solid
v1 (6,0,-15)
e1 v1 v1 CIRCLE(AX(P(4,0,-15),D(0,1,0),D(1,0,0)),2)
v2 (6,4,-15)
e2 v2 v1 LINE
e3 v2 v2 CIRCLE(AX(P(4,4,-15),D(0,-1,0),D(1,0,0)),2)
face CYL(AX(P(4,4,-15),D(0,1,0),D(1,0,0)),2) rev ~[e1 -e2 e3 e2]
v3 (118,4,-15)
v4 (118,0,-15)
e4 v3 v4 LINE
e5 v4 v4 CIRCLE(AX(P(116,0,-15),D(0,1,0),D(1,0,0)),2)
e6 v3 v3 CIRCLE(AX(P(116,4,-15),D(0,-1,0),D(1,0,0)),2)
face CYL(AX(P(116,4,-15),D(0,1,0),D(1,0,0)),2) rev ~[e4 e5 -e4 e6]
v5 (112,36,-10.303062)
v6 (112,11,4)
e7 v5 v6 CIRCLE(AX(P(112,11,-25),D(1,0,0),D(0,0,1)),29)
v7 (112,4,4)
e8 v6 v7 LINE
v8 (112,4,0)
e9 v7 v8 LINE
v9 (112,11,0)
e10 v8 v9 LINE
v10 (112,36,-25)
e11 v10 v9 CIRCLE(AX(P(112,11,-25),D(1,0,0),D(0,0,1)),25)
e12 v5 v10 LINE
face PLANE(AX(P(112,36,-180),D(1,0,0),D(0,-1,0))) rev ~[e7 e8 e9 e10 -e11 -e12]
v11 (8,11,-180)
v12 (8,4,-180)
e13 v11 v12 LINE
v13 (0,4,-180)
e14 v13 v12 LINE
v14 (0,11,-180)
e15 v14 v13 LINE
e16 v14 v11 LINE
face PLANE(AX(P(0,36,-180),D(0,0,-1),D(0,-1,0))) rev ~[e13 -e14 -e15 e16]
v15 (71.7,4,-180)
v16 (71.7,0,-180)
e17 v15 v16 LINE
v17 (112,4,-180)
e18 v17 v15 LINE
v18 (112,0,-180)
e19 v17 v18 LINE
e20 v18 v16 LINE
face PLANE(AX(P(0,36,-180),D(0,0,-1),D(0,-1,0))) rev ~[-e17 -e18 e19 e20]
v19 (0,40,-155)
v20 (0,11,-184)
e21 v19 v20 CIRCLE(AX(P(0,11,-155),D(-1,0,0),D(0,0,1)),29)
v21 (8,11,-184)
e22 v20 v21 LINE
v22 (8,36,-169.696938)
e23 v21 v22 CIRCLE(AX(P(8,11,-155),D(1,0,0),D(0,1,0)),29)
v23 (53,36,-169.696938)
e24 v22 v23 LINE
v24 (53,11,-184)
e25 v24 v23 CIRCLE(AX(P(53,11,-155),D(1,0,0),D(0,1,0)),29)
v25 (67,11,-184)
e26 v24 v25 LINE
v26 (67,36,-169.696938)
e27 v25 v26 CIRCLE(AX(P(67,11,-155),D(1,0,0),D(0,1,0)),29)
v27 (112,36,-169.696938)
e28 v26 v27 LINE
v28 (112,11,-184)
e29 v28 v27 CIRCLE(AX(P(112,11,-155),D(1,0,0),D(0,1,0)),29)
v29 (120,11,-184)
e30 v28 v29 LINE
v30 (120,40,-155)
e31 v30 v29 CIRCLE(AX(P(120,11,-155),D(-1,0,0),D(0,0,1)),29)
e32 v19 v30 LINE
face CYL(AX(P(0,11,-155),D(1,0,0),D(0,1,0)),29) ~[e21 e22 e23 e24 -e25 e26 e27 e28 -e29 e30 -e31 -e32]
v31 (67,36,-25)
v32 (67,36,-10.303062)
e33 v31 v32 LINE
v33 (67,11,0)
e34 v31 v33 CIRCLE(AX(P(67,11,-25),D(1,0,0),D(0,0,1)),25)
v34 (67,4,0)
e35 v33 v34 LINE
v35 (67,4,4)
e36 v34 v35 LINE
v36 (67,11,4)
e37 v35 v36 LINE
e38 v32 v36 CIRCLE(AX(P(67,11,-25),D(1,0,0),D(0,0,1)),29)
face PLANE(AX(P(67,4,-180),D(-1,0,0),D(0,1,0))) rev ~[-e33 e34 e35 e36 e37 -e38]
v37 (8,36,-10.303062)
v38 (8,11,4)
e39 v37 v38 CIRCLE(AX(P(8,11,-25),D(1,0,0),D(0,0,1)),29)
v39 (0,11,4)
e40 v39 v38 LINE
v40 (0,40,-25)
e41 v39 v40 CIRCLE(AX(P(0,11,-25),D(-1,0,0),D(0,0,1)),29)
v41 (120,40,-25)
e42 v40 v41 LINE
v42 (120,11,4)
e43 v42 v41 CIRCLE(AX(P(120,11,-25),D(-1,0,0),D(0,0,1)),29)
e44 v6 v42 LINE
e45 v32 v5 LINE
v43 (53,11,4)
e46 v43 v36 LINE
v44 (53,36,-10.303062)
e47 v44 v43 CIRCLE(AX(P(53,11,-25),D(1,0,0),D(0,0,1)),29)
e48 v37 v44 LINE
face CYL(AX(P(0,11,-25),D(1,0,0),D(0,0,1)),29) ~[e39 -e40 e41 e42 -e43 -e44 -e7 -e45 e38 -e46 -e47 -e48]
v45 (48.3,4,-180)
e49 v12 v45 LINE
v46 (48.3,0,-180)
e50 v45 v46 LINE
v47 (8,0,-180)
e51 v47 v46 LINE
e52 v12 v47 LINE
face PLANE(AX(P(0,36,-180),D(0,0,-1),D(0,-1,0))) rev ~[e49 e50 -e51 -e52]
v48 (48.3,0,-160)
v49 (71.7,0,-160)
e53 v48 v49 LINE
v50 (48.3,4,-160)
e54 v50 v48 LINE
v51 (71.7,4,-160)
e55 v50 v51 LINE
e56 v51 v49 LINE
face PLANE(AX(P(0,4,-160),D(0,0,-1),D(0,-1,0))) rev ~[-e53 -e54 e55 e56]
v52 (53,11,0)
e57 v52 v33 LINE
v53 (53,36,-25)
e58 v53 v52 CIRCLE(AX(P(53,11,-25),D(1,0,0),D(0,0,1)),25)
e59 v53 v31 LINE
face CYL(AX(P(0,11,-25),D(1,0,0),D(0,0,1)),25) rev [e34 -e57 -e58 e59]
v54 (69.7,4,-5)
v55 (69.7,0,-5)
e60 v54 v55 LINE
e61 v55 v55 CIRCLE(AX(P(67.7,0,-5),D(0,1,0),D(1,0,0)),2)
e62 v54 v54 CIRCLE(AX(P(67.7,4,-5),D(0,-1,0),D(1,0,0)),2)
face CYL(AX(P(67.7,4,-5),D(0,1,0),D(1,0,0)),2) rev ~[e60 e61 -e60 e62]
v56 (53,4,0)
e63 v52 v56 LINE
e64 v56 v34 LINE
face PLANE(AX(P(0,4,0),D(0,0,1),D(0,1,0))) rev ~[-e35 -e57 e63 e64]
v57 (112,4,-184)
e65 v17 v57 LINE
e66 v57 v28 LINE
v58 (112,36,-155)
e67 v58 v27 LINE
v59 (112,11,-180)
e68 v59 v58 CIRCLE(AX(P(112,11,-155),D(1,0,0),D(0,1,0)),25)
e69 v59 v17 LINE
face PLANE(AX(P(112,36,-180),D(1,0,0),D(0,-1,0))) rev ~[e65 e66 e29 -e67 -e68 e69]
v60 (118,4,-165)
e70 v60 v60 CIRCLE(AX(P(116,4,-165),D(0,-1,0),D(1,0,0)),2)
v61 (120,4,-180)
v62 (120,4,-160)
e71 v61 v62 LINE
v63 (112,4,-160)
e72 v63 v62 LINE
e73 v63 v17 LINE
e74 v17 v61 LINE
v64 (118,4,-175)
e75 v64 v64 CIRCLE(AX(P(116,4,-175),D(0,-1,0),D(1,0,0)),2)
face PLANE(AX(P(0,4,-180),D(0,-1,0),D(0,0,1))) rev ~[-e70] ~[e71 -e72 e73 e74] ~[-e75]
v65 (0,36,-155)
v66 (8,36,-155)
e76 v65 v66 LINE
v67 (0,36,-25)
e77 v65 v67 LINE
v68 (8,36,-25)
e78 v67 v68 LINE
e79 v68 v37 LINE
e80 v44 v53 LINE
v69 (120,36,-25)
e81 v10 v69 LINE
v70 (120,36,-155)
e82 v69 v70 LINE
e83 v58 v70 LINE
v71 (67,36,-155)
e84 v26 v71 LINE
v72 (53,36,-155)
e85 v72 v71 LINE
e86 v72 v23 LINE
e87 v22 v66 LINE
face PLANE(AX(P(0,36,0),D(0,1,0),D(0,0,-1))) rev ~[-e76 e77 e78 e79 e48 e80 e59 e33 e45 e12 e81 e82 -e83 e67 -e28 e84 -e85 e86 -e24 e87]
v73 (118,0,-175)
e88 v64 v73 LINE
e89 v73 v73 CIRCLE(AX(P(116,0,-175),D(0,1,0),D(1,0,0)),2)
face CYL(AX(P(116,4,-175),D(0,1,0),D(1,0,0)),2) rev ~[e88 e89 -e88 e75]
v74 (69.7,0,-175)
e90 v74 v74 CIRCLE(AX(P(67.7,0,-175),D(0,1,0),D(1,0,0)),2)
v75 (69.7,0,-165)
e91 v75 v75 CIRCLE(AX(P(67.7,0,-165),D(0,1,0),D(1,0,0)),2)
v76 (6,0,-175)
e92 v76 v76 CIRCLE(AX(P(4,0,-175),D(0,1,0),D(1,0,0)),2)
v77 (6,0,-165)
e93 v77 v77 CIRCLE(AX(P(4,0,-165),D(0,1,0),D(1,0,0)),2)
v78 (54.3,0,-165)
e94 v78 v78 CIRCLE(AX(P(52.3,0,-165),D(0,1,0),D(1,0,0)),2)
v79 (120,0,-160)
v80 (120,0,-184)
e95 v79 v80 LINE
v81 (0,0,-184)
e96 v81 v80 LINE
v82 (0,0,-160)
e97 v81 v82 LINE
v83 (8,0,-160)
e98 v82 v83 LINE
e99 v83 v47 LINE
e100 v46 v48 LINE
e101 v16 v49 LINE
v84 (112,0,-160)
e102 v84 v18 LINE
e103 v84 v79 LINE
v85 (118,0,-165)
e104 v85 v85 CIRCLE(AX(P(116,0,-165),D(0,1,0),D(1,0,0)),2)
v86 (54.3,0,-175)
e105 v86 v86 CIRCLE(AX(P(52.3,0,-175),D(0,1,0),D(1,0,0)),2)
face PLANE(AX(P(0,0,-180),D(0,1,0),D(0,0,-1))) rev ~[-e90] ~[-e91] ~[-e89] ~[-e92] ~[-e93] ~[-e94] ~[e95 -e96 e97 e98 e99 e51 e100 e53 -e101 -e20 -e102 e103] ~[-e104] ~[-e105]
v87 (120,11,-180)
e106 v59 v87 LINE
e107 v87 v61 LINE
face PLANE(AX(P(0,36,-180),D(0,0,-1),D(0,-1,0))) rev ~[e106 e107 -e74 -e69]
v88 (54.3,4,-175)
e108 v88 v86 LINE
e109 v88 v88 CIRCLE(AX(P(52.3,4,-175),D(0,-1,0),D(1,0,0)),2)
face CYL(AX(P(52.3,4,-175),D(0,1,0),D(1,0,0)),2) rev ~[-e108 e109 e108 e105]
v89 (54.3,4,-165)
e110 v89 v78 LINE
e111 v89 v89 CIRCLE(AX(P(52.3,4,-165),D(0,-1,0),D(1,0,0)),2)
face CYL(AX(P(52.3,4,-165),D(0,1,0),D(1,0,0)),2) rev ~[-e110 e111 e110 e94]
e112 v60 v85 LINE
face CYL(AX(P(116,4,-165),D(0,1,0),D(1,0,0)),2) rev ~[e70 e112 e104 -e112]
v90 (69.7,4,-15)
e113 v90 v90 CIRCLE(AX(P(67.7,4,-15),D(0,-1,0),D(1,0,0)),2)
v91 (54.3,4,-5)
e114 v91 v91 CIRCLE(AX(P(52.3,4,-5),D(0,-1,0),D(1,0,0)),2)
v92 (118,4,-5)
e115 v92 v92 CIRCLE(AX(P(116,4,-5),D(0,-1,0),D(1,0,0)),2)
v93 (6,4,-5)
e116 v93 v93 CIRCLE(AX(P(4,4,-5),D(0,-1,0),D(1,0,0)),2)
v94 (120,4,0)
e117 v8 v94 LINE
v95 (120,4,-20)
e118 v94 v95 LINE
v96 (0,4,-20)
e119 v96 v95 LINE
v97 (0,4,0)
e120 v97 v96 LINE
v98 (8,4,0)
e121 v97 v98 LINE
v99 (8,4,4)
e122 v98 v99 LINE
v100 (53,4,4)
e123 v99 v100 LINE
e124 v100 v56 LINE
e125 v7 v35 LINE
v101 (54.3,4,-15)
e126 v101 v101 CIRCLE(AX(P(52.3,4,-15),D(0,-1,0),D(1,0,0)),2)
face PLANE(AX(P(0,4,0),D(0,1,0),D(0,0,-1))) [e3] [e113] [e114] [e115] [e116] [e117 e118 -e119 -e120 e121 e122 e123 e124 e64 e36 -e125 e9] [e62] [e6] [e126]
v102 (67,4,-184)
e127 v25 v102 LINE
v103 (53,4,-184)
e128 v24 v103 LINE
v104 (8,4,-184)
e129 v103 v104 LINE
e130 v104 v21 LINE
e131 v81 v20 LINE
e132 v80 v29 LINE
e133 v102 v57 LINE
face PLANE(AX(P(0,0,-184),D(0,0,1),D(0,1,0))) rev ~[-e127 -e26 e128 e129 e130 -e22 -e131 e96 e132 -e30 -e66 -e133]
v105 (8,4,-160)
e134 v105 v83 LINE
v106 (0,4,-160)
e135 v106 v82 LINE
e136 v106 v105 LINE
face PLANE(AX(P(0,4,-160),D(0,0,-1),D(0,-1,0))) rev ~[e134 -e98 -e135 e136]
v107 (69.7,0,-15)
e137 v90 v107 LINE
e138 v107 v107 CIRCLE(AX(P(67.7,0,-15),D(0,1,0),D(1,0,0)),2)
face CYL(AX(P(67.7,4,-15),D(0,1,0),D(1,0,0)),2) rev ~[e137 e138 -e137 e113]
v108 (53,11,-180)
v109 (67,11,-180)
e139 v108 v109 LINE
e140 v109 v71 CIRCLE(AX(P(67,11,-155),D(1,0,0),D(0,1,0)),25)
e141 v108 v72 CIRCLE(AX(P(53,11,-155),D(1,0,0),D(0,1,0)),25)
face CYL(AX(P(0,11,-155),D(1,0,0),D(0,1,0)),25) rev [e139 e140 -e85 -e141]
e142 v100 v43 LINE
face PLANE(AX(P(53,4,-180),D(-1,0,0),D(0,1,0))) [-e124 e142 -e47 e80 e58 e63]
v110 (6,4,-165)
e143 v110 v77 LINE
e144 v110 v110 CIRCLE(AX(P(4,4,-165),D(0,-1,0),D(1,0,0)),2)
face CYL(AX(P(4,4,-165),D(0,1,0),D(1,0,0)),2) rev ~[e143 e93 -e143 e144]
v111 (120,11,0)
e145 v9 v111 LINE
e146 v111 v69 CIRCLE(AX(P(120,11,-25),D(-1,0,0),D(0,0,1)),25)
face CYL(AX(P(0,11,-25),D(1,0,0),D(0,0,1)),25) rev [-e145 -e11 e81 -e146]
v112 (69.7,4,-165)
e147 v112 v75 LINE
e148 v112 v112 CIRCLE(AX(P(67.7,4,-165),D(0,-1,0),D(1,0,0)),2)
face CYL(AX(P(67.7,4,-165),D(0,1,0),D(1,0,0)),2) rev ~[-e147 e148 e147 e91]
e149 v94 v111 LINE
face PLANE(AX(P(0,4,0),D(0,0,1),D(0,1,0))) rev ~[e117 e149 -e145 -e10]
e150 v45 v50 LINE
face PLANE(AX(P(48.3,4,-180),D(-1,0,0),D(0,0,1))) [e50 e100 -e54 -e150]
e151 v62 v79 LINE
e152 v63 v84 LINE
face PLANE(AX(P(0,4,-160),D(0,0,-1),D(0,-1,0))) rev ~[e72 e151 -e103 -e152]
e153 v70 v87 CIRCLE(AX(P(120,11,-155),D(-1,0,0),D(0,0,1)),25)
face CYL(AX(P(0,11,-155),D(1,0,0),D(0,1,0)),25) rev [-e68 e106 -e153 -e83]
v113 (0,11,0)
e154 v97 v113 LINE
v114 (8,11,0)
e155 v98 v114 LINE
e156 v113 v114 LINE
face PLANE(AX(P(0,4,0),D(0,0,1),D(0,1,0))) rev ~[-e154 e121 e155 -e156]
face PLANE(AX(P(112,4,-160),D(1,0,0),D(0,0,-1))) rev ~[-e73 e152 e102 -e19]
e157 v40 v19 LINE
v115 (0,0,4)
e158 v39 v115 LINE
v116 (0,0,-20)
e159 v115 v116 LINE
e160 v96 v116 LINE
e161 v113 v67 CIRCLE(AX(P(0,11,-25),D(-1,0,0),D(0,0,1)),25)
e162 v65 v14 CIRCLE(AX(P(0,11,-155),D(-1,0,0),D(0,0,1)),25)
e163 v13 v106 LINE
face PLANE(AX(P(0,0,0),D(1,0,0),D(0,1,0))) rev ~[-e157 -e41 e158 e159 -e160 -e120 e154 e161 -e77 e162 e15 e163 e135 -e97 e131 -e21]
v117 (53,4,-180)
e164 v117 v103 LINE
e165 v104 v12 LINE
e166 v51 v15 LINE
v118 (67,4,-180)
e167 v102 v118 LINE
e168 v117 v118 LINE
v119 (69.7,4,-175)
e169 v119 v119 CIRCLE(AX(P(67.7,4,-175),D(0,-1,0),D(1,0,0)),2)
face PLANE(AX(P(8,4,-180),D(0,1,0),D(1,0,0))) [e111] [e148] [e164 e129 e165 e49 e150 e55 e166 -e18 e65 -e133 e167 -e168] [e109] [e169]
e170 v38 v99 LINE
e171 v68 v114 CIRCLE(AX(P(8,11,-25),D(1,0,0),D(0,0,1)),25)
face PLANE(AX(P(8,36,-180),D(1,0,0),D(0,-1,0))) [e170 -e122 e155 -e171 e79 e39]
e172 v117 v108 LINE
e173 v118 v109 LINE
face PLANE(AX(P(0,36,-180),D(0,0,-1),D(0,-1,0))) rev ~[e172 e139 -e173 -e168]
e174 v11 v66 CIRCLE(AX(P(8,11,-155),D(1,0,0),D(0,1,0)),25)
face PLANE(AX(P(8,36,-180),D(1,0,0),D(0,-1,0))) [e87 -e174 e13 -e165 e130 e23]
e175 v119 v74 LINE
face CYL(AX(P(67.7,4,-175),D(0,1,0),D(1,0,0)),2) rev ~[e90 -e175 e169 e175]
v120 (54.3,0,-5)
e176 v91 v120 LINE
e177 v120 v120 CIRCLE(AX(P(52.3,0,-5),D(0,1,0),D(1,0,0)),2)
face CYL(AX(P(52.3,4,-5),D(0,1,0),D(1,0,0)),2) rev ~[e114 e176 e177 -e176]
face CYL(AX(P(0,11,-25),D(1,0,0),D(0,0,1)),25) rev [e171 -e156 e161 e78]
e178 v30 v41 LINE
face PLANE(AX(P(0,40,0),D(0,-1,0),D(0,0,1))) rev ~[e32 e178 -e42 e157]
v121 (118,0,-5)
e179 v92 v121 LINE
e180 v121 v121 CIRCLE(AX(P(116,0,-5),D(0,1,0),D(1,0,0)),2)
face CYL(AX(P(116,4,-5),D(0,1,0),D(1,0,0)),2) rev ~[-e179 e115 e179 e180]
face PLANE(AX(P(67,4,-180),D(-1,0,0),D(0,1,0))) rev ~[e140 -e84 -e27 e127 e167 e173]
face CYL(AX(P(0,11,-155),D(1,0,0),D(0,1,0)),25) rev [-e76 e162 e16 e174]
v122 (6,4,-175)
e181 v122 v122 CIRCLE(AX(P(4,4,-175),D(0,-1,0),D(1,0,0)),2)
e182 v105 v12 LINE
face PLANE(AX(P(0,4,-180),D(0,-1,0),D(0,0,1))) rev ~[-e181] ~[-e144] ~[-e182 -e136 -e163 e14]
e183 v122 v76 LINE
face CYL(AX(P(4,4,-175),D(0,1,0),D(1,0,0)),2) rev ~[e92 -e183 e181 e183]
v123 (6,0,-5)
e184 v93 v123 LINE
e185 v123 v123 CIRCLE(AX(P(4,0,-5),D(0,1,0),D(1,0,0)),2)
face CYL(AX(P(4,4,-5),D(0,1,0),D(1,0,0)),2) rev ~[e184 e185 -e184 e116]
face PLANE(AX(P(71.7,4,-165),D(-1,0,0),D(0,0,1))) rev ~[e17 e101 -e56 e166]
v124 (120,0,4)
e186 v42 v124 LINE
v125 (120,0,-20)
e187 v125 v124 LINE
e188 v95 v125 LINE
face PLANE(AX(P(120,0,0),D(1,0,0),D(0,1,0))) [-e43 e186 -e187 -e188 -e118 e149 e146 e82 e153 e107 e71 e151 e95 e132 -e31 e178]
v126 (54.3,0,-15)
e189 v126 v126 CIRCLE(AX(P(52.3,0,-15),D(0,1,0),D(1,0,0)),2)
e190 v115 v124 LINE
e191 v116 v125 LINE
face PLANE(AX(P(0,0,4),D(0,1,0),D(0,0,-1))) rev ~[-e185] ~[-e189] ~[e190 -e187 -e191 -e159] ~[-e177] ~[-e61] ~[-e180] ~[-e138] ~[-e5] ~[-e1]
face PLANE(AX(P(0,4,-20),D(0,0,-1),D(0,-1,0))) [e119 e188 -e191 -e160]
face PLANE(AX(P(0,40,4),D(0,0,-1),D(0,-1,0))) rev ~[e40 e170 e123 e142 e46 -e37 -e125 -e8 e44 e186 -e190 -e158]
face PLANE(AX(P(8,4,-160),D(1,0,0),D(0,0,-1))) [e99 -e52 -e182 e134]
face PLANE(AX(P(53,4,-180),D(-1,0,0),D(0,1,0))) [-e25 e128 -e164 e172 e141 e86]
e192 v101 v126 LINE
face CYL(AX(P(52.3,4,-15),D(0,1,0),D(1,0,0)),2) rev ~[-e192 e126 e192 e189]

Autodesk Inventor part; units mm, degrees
ref_plane "YZ Plane" through (0, 0, 0) normal (1, 0, 0) x (0, 1, 0)
ref_plane "XZ Plane" through (0, 0, 0) normal (0, 1, 0) x (-1, 0, 0)
ref_plane "XY Plane" through (0, 0, 0) normal (0, 0, 1) x (1, 0, 0)
sketch "Sketch1" plane through (0, 0, 0) normal (1, 0, 0) x (0, 1, 0)
  line L0 (0, 0) -> (40, 0)
  line L1 (40, 0) -> (40, -180)
  line L2 (40, -180) -> (0, -180)
  line L3 (0, -180) -> (0, 0)
  line L4 (0, 0) -> (4, 0)
  line L5 (4, 0) -> (4, -20)
  line L6 (4, -20) -> (0, -20)
  line L7 (0, -20) -> (0, 0)
  line L8 (0, -180) -> (4, -180)
  line L9 (4, -180) -> (4, -160)
  line L10 (4, -160) -> (0, -160)
  line L11 (0, -160) -> (0, -180)
  line L12 (4, -20) -> (4, -56)
  line L13 (4, -160) -> (4, -124)
  line L14 (4, -56) -> (40, -56)
  line L15 (4, -124) -> (40, -124)
  line L16 (40, -124) -> (4, -160)
  line L17 (4, -20) -> (40, -56)
  line L18 (40, -56) -> (36, -56)
  line L19 (36, -56) -> (36, -124)
  line L20 (36, -124) -> (40, -124)
  line L21 (40, -124) -> (40, -56)
  line L22 (4, -20) -> (1.1716, -22.8284)
  line L23 (1.1716, -22.8284) -> (36, -57.6569)
  line L24 (1.1716, -22.8284) -> (0, -21.6569)
  line L25 (4, -160) -> (1.1716, -157.1716)
  line L26 (1.1716, -157.1716) -> (36, -122.3431)
  line L27 (1.1716, -157.1716) -> (-0.2426, -158.5858)
  line L28 (0, 0) -> (40, 0)
  line L29 (40, 0) -> (40, 4)
  line L30 (40, 4) -> (0, 4)
  line L31 (0, 4) -> (0, 0)
  line L32 (40, 0) -> (36, 0)
  line L33 (36, 0) -> (36, -56)
  line L34 (36, -56) -> (40, -56)
  line L35 (40, -56) -> (40, 0)
  line L36 (40, -180) -> (0, -180)
  line L37 (0, -180) -> (0, -184)
  line L38 (0, -184) -> (40, -184)
  line L39 (40, -184) -> (40, -180)
  line L40 (36, -124) -> (40, -124)
  line L41 (40, -124) -> (40, -180)
  line L42 (40, -180) -> (36, -180)
  line L43 (36, -180) -> (36, -124)
  point P0 (0, -158.3431)
  dimension "d0" = 40
  dimension "d1" = 180
  dimension "d2" = 4
  dimension "d3" = 20
  dimension "d4" = 4
  dimension "d5" = 20
  dimension "d6" = 36
  dimension "d7" = 36
  dimension "d8" = 4
  dimension "d9" = 4
  dimension "d10" = 4
  dimension "d67" = 4
  dimension "d68" = 4
extrude "Extrusion1" add sketch "Sketch1" along normal blind 120 contours L31 L30 L29 L0 | L0 L5 L6 L3 | L0 L1 L17 L33 | L17 L14 L33 | L1 L15 L19 L14 | L10 L9 L2 L3 | L16 L43 L15 | L1 L2 L43 L16 | L2 L39 L38 L37
sketch "Sketch2" plane through (0, 4, 0) normal (0, 1, 0) x (1, 0, 0)
  line L0 (0, 0) -> (120, 0) projected
  line L1 (0, 0) -> (4, 0)
  line L2 (4, 0) -> (4, 5)
  line L3 (4, 5) -> (0, 5)
  line L4 (0, 5) -> (0, 0)
  line L5 (4, 5) -> (4, 15)
  circle A0 centre (4, 15) radius 2
  circle A1 centre (4, 5) radius 2
  line L6 (120, 0) -> (116, 0)
  line L7 (116, 0) -> (116, 5)
  line L8 (116, 5) -> (120, 5)
  line L9 (120, 5) -> (120, 0)
  line L10 (116, 5) -> (116, 15)
  circle A2 centre (116, 15) radius 2
  circle A3 centre (116, 5) radius 2
  line L11 (0, 20) -> (120, 20) projected
  line L12 (120, 0) -> (112, 0)
  line L13 (112, 0) -> (112, 20)
  line L14 (112, 20) -> (120, 20)
  line L15 (120, 20) -> (120, 0)
  line L16 (0, 0) -> (8, 0)
  line L17 (8, 0) -> (8, 20)
  line L18 (8, 20) -> (0, 20)
  line L19 (0, 20) -> (0, 0)
  line L20 (112, 20) -> (71.7, 20)
  line L21 (71.7, 20) -> (71.7, 0)
  line L22 (71.7, 0) -> (112, 0)
  line L23 (112, 0) -> (112, 20)
  line L24 (8, 20) -> (48.3, 20)
  line L25 (48.3, 20) -> (48.3, 0)
  line L26 (48.3, 0) -> (8, 0)
  line L27 (8, 0) -> (8, 20)
  line L28 (48.3, 0) -> (52.3, 0)
  line L29 (52.3, 0) -> (52.3, 5)
  line L30 (52.3, 5) -> (48.3, 5)
  line L31 (48.3, 5) -> (48.3, 0)
  line L32 (52.3, 5) -> (52.3, 15)
  circle A4 centre (52.3, 15) radius 2
  circle A5 centre (52.3, 5) radius 2
  line L33 (48.3, 20) -> (48.3, 0)
  line L34 (71.7, 0) -> (67.7, 0)
  line L35 (67.7, 0) -> (67.7, 5)
  line L36 (67.7, 5) -> (71.7, 5)
  line L37 (71.7, 5) -> (71.7, 0)
  line L38 (67.7, 5) -> (67.7, 15)
  circle A6 centre (67.7, 15) radius 2
  circle A7 centre (67.7, 5) radius 2
  line L39 (71.7, 20) -> (71.7, 0)
  line L40 (0, 20) -> (120, 20)
  line L41 (120, 20) -> (120, 0)
  line L42 (120, 0) -> (0, 0)
  line L43 (0, 0) -> (0, 20)
  line L44 (0, 180) -> (0, 160) projected
  line L45 (0, 180) -> (-1.8149, 180)
  line L46 (0, 160) -> (4, 160)
  line L47 (4, 160) -> (4, 165)
  line L48 (4, 165) -> (0, 165)
  line L49 (0, 165) -> (0, 160)
  line L50 (4, 165) -> (4, 175)
  circle A8 centre (4, 175) radius 2
  circle A9 centre (4, 165) radius 2
  line L51 (120, 160) -> (116, 160)
  line L52 (116, 160) -> (116, 165)
  line L53 (116, 165) -> (120, 165)
  line L54 (120, 165) -> (120, 160)
  line L55 (116, 165) -> (116, 175)
  circle A10 centre (116, 175) radius 2
  circle A11 centre (116, 165) radius 2
  line L56 (120, 160) -> (112, 160)
  line L57 (112, 160) -> (112, 180)
  line L58 (112, 180) -> (120, 180)
  line L59 (120, 180) -> (120, 160)
  line L60 (0, 160) -> (8, 160)
  line L61 (8, 160) -> (8, 180)
  line L62 (8, 180) -> (0, 180)
  line L63 (0, 180) -> (0, 160)
  line L64 (112, 180) -> (71.7, 180)
  line L65 (71.7, 180) -> (71.7, 160)
  line L66 (71.7, 160) -> (112, 160)
  line L67 (112, 160) -> (112, 180)
  line L68 (8, 180) -> (48.3, 180)
  line L69 (48.3, 180) -> (48.3, 160)
  line L70 (48.3, 160) -> (8, 160)
  line L71 (8, 160) -> (8, 180)
  line L72 (52.3, 165) -> (52.3, 175)
  circle A12 centre (52.3, 165) radius 2
  circle A13 centre (52.3, 175) radius 2
  line L73 (48.3, 180) -> (48.3, 160)
  line L74 (52.3, 165) -> (48.3, 165)
  line L75 (48.3, 160) -> (52.3, 160)
  line L76 (48.3, 165) -> (48.3, 160)
  line L77 (52.3, 160) -> (52.3, 165)
  line L78 (67.7, 160) -> (67.7, 165)
  line L79 (67.7, 165) -> (67.7, 175)
  circle A14 centre (67.7, 165) radius 2
  circle A15 centre (67.7, 175) radius 2
  line L80 (71.7, 160) -> (67.7, 160)
  line L81 (71.7, 165) -> (71.7, 160)
  line L82 (67.7, 165) -> (71.7, 165)
  line L83 (71.7, 180) -> (71.7, 160)
  line L84 (0, 180) -> (120, 180)
  line L85 (120, 180) -> (120, 160)
  line L86 (120, 160) -> (0, 160)
  line L87 (0, 160) -> (0, 180)
  point P0 (112, 0)
  dimension "d13" = 4
  dimension "d14" = 5
  dimension "d15" = 10
  dimension "d16" = 4
  dimension "d17" = 4
  dimension "d18" = 4
  dimension "d19" = 5
  dimension "d20" = 10
  dimension "d21" = 4
  dimension "d22" = 4
  dimension "d23" = 8
  dimension "d24" = 8
  dimension "d25" = 40.3
  dimension "d26" = 40.3
  dimension "d27" = 4
  dimension "d28" = 5
  dimension "d29" = 10
  dimension "d30" = 4
  dimension "d31" = 4
  dimension "d32" = 4
  dimension "d33" = 5
  dimension "d34" = 10
  dimension "d35" = 4
  dimension "d36" = 4
  dimension "d37" = 4
  dimension "d38" = 5
  dimension "d39" = 10
  dimension "d40" = 4
  dimension "d41" = 4
  dimension "d42" = 4
  dimension "d43" = 5
  dimension "d44" = 10
  dimension "d45" = 4
  dimension "d46" = 4
  dimension "d47" = 8
  dimension "d48" = 8
  dimension "d49" = 40.3
  dimension "d50" = 40.3
  dimension "d51" = 4
  dimension "d52" = 5
  dimension "d53" = 10
  dimension "d54" = 4
  dimension "d55" = 4
  dimension "d56" = 4
  dimension "d57" = 5
  dimension "d58" = 10
  dimension "d59" = 4
  dimension "d60" = 4
extrude "Extrusion2" cut sketch "Sketch2" against normal blind 120 contours A0 | A1 L3 L2 | L2 L5 A1 | A1 L5 L3 | A6 | A4 | A5 L30 L29 | L29 L32 A5 | A5 L32 L30 | A7 L38 L35 | L35 L36 A7 | A2 | L38 A7 L36 | A3 L10 L7 | L7 L8 A3 | L8 L10 A3 | A8 | L68 L69 L70 L61 | A9 L50 L48 | L48 L47 A9 | A13 | A15 | L50 A9 L47 | L64 L57 L66 L65 | L74 L77 A12 | A12 L72 L74 | A10 | L77 L72 A12 | L82 L79 A14 | A14 L78 L82 | A14 L79 L78 | A11 L55 L52 | L52 L53 A11 | L53 L55 A11
sketch "Sketch4" plane through (0, 4, -180) normal (0, 0, 1) x (1, 0, 0)
  line L0 (8, 0) -> (8, -4) projected
  line L1 (0, 32) -> (120, 32) projected
  line L2 (8, 0) -> (53, 0)
  line L3 (53, 0) -> (53, 32)
  line L4 (53, 32) -> (8, 32)
  line L5 (8, 32) -> (8, 0)
  line L6 (112, 0) -> (112, -4) projected
  line L7 (112, 0) -> (67, 0)
  line L8 (67, 0) -> (67, 32)
  line L9 (67, 32) -> (112, 32)
  line L10 (112, 32) -> (112, 0)
  point P0 (0, -4)
  point P1 (67, 32)
  point P2 (8, 32)
  dimension "d69" = 45
  dimension "d70" = 45
fillet "Fillet1" radius 25 2 edges at (60, 36, -180) (60, 36, 0)
fillet "Fillet2" radius 29 2 edges at (60, 40, -184) (60, 40, 4)
extrude "Extrusion4" cut sketch "Sketch4" along normal mid plane 1000
properties part number "back"
